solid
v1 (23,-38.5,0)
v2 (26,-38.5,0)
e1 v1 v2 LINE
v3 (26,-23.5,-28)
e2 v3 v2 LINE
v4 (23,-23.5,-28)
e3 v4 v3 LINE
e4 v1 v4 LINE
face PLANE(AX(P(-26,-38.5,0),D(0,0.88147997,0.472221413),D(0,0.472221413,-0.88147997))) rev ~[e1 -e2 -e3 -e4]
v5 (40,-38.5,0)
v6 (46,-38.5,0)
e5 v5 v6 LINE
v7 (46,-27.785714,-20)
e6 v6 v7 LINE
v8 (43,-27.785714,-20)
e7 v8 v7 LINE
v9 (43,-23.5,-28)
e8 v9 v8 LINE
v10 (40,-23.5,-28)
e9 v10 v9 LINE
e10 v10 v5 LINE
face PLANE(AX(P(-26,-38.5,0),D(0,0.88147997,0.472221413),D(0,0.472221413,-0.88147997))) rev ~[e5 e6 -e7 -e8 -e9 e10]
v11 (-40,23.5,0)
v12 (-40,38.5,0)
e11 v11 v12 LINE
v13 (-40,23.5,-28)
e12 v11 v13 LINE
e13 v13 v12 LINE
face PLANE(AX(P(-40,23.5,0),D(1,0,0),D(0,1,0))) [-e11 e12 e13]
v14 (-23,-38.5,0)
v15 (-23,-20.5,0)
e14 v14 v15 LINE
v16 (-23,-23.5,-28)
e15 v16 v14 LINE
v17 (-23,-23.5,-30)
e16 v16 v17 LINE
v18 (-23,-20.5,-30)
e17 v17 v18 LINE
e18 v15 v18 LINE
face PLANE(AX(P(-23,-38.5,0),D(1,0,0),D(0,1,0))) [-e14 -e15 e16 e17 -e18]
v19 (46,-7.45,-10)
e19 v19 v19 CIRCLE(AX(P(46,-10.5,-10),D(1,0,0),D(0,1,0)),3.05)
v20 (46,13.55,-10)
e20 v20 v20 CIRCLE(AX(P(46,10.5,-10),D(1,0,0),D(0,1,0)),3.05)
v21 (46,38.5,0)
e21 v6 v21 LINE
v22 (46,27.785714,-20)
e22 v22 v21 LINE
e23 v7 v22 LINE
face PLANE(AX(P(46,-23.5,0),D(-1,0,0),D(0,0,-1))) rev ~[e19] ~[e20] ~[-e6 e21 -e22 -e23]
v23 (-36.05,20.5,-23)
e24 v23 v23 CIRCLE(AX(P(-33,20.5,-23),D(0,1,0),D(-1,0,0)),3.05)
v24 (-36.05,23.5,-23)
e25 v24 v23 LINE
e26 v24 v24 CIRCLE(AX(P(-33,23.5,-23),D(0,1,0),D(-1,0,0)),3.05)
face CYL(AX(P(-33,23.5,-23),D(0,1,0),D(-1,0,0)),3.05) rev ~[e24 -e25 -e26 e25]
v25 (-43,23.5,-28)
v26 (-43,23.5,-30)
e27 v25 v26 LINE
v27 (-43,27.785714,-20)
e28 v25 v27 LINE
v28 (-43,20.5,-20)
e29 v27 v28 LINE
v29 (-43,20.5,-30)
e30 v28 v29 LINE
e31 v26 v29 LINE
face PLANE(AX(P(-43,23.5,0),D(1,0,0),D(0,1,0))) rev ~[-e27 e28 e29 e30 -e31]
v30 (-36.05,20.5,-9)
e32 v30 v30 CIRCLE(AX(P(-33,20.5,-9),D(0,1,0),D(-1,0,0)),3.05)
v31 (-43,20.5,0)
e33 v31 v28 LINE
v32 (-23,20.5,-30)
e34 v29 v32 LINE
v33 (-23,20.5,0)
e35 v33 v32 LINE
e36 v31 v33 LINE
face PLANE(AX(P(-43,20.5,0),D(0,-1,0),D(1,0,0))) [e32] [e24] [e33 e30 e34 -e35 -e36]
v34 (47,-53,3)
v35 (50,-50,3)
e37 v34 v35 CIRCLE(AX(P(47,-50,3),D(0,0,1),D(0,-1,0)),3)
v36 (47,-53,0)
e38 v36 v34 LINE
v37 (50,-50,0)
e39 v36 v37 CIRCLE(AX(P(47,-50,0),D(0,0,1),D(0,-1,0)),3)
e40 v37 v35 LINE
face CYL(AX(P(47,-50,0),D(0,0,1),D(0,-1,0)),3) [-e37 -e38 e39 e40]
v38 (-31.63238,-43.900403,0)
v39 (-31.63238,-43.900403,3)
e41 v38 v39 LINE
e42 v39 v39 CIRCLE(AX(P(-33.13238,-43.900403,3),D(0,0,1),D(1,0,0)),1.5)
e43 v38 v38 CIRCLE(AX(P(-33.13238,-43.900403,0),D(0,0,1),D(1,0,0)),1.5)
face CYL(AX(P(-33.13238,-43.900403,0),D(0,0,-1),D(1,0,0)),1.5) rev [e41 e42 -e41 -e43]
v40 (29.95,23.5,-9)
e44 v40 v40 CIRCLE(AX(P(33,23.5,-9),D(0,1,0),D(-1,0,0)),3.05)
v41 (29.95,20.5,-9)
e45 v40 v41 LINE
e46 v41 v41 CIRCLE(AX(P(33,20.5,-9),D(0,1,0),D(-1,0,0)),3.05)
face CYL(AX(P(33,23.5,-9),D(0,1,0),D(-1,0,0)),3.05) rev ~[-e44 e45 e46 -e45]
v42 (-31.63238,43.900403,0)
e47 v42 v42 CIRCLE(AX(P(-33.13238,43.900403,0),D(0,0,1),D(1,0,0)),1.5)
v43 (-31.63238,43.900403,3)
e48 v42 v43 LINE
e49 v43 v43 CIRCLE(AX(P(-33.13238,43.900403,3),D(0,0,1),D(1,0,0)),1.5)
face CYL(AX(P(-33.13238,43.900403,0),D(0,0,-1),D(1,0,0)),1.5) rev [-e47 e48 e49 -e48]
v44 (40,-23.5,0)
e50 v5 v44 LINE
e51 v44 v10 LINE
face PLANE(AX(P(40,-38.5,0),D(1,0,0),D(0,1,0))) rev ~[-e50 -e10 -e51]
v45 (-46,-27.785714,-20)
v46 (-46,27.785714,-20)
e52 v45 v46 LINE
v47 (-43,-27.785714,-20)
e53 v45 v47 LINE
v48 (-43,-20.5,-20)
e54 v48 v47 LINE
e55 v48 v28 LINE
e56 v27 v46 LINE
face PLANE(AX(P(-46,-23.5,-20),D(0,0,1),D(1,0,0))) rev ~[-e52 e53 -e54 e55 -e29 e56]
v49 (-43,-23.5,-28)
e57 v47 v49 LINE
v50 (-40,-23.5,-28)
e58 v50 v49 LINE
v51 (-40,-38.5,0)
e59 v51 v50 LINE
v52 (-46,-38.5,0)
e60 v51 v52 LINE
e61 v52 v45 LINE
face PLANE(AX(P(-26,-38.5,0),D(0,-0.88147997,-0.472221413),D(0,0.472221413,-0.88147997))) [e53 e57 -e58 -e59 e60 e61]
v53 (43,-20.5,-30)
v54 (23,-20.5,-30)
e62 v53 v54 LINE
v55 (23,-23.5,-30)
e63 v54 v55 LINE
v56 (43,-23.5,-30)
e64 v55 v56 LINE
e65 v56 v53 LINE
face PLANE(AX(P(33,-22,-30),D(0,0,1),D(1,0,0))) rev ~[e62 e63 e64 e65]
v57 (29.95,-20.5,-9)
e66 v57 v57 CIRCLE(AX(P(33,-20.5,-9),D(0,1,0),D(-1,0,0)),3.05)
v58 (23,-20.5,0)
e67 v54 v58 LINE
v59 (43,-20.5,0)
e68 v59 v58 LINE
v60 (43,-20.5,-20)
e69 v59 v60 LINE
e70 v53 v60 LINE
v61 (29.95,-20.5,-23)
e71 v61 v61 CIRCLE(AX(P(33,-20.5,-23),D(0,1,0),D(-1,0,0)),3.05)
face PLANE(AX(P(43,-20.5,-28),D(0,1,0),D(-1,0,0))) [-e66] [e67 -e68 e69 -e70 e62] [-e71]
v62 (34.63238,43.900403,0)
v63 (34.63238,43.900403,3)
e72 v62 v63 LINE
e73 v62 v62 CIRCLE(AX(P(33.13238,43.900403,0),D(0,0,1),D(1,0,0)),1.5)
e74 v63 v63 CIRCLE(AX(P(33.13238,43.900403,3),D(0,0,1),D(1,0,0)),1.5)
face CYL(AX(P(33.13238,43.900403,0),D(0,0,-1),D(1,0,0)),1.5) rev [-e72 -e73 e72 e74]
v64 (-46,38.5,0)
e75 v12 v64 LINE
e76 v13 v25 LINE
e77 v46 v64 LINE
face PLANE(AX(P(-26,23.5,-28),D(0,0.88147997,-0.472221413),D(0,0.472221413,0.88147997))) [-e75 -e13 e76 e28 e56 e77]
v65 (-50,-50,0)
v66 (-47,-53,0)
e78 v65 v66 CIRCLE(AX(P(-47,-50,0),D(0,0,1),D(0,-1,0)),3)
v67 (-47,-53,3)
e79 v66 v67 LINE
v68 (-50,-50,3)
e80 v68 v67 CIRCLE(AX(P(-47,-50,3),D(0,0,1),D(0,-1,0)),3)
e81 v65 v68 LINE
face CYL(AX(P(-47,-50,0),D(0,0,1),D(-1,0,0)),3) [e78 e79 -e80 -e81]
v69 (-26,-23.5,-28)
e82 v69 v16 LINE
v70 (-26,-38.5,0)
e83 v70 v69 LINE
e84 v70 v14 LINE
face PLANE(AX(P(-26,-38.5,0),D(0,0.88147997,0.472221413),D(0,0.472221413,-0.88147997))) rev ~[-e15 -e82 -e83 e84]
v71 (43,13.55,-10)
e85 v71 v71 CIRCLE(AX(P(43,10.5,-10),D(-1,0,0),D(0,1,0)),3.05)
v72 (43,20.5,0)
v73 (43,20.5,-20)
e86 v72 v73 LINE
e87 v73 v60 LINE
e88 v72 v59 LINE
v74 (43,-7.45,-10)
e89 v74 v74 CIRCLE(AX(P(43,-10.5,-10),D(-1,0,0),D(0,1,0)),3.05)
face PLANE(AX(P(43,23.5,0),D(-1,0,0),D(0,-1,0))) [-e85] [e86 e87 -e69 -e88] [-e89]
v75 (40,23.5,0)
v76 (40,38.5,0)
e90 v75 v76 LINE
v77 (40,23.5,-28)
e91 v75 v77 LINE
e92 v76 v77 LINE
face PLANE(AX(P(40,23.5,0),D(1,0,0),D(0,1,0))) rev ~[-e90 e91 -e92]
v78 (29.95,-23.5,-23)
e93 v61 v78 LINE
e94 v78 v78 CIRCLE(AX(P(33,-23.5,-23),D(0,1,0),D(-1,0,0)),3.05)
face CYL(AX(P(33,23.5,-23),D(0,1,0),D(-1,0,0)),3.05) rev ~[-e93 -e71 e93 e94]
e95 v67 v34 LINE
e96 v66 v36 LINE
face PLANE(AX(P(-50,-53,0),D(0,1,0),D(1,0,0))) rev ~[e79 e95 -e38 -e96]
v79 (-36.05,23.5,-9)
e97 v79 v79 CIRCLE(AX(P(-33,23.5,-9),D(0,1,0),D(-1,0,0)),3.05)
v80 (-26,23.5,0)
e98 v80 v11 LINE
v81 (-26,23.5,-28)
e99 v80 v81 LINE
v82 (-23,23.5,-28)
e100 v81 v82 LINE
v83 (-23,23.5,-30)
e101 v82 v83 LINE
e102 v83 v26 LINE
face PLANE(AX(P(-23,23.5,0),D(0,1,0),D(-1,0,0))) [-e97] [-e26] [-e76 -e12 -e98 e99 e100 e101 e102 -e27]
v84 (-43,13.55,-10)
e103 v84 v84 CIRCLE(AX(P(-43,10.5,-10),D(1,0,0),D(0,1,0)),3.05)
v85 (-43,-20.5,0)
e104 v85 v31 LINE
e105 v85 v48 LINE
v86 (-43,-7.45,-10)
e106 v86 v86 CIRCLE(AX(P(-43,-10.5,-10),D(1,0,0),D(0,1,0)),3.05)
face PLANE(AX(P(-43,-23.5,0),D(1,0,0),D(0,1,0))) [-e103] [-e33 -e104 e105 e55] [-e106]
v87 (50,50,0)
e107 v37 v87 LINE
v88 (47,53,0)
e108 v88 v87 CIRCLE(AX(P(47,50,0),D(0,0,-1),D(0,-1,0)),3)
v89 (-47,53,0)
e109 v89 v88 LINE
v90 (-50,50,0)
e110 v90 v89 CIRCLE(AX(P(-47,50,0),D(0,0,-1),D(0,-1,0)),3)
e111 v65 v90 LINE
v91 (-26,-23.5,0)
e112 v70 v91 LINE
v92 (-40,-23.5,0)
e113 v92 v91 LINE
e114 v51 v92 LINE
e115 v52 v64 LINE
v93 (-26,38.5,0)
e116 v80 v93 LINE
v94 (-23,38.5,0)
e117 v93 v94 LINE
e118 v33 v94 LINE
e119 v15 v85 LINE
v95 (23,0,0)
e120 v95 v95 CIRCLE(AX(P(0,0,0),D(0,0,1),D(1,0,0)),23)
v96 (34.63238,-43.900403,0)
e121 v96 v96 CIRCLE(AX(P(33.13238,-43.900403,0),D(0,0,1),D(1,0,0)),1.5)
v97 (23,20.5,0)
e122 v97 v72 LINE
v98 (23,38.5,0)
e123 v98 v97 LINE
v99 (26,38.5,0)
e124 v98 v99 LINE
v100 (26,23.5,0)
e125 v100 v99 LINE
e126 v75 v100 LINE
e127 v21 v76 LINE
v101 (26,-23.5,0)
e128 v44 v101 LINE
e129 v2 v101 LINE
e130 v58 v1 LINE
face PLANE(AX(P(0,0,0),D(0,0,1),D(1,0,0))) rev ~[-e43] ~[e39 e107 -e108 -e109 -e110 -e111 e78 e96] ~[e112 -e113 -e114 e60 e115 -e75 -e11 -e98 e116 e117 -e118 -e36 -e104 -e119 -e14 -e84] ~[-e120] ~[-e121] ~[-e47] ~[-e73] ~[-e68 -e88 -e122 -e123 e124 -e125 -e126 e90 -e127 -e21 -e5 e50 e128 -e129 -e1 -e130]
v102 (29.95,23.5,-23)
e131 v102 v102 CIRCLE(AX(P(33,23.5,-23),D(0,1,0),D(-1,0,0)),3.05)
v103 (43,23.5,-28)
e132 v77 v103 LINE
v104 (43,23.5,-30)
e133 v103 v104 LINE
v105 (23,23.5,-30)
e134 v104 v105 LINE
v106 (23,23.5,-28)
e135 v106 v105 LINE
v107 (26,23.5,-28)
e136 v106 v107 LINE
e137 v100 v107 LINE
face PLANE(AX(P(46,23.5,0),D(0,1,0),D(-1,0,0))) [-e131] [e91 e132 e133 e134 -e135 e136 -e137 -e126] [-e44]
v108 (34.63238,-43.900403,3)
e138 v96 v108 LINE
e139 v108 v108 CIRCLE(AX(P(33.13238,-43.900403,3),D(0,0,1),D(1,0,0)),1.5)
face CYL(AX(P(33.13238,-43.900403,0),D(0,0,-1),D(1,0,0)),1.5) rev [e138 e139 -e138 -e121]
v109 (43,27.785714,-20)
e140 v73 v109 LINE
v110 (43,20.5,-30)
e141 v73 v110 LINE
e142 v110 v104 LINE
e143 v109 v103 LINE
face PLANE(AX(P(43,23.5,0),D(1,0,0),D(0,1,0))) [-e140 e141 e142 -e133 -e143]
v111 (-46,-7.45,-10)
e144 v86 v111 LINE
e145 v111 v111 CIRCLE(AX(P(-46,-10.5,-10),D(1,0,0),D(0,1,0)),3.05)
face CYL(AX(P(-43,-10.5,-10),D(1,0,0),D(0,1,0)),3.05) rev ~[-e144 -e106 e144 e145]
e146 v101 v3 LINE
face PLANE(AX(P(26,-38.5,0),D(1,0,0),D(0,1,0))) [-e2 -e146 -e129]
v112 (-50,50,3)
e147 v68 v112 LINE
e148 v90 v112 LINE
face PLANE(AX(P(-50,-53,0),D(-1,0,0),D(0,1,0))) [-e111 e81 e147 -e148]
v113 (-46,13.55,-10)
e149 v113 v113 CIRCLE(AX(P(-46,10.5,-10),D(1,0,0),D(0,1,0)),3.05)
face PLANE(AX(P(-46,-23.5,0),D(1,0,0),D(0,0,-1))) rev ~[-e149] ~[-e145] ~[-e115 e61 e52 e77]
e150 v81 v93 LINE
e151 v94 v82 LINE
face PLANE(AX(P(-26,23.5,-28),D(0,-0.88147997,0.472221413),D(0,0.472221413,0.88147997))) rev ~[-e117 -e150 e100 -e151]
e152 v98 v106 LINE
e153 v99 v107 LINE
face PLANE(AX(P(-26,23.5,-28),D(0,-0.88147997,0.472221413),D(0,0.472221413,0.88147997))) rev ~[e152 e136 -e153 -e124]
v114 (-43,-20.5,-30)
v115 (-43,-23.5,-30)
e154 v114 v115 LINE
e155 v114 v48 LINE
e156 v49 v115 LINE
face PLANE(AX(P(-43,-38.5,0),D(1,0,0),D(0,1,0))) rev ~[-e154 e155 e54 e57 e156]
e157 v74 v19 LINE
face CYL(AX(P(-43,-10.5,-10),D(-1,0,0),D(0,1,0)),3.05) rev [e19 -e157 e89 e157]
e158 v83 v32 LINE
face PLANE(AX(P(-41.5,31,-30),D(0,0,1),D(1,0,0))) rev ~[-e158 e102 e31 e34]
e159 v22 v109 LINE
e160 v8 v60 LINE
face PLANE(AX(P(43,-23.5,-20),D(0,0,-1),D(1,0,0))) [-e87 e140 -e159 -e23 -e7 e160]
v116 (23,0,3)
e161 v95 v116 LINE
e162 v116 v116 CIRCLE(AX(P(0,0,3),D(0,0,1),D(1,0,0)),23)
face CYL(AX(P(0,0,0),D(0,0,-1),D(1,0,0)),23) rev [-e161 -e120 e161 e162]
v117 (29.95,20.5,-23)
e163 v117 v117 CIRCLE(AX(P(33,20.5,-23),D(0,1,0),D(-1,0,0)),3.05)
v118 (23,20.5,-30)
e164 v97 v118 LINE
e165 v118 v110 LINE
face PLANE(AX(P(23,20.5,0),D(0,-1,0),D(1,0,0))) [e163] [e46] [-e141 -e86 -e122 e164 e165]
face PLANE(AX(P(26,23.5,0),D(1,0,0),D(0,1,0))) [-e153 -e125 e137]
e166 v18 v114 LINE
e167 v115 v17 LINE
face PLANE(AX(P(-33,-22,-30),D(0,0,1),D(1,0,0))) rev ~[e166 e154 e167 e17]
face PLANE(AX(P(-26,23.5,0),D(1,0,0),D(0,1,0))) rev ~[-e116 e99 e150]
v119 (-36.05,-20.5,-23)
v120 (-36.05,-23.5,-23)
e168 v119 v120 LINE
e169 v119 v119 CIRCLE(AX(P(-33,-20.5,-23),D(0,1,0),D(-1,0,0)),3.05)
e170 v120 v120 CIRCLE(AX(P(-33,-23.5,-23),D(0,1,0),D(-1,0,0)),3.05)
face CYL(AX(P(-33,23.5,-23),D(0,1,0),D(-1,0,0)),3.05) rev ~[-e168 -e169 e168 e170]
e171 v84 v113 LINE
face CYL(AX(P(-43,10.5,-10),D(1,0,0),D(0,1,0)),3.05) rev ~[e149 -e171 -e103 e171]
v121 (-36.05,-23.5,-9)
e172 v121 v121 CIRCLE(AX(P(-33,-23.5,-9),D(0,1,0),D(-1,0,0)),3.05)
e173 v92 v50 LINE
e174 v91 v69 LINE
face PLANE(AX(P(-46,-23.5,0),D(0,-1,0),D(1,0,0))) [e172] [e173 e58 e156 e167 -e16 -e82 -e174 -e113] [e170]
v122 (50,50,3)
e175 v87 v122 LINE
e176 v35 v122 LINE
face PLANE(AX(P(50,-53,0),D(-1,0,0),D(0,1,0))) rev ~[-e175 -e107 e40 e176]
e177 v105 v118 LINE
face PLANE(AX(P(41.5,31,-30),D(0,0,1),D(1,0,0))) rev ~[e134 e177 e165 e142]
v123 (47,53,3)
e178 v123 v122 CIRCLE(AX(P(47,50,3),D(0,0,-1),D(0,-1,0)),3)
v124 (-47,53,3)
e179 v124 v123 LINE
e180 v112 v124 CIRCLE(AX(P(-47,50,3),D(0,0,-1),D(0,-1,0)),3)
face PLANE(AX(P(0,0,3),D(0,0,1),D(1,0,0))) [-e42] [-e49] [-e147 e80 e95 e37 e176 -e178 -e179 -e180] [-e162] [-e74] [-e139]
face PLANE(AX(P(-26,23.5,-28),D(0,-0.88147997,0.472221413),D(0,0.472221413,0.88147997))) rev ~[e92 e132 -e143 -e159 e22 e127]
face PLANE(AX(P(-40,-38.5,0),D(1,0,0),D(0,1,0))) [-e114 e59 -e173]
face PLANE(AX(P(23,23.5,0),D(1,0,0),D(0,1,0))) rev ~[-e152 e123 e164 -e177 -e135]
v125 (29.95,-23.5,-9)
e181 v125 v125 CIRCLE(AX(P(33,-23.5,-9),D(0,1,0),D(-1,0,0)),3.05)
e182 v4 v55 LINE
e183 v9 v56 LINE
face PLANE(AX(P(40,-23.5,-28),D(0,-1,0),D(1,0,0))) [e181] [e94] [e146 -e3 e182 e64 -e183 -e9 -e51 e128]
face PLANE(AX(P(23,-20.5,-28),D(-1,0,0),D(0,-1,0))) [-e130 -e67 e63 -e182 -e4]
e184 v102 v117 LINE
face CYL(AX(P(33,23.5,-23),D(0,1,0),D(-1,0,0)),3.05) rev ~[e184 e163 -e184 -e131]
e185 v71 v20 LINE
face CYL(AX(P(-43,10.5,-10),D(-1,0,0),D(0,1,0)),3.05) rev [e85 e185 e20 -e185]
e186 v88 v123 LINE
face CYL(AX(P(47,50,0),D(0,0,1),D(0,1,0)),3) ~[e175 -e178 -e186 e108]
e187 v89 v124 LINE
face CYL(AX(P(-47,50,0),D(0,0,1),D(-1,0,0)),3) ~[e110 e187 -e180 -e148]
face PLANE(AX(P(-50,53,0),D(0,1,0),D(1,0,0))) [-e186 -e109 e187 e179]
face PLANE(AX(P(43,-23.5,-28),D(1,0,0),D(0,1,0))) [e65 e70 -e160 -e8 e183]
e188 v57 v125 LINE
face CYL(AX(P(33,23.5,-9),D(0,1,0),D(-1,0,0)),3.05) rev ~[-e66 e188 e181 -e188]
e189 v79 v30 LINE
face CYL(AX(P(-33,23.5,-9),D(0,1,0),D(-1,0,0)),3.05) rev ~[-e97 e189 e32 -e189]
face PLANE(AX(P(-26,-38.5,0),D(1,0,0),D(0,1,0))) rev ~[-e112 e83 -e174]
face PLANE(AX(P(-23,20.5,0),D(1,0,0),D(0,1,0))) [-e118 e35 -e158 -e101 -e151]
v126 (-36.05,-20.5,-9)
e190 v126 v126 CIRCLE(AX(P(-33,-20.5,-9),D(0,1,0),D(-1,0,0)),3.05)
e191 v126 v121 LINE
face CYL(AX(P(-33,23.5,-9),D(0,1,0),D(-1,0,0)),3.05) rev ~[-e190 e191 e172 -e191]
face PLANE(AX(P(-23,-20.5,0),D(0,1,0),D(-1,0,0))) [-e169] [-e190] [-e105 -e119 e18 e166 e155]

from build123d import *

# Parameters (mm, degrees)
F0_W           = 100
F0_H           = 106
F0_R           = 1.5
F0_R_2         = 23
F1_DEPTH       = 3
F2_R           = 3
F4_DEPTH       = 28
F5_DEPTH       = 20
F3_W           = 3
F3_H           = 15
F6_DEPTH       = 28
F7_DEPTH       = 15
F7_DEPTH_BACK  = 62
F9_DEPTH       = 20
F9_DEPTH_BACK  = 72
F11_DEPTH      = 20
F11_DEPTH_BACK = 72
F12_R          = 3.05
F13_R          = 3.05
F14_DEPTH      = 47
F15_R          = 3.05
F16_DEPTH      = 3
F16_DEPTH_BACK = 89
F17_DEPTH      = 2


with BuildPart() as f1:
    # F0 (on Top) → F1 (new body)
    with BuildSketch(Plane.XY):
        Rectangle(F0_W, F0_H)
        with Locations((-33.1323798252, -43.9004032683)):
            Circle(F0_R, mode=Mode.SUBTRACT)
        with Locations((33.1323798252, -43.9004032683)):
            Circle(F0_R, mode=Mode.SUBTRACT)
        with Locations((-33.1323798252, 43.9004032683)):
            Circle(F0_R, mode=Mode.SUBTRACT)
        Circle(F0_R_2, mode=Mode.SUBTRACT)
        with Locations((33.1323798252, 43.9004032683)):
            Circle(F0_R, mode=Mode.SUBTRACT)
    extrude(amount=F1_DEPTH)

    # F2
    f2_edges = [f1.edges().sort_by_distance(p)[0] for p in [
        (-50, -53, 1.5),
        (-50, 53, 1.5),
        (50, 53, 1.5),
        (50, -53, 1.5),
    ]]
    fillet(f2_edges, radius=F2_R)

    # F3 (on Top) → F4 (join)
    with BuildSketch(Plane.XY):
        Polygon((-23, -20.5), (-43, -20.5), (-43, -23.5), (-40, -23.5), (-26, -23.5), (-23, -23.5), align=None)
        Polygon((-43, 23.5), (-43, 20.5), (-23, 20.5), (-23, 23.5), (-26, 23.5), (-40, 23.5), align=None)
        Polygon((23, 20.5), (43, 20.5), (43, 23.5), (40, 23.5), (26, 23.5), (23, 23.5), align=None)
        Polygon((43, -23.5), (43, -20.5), (23, -20.5), (23, -23.5), (26, -23.5), (40, -23.5), align=None)
    extrude(amount=-F4_DEPTH)

    # F3 (on Top) → F5 (join)
    with BuildSketch(Plane.XY):
        Polygon((43, 20.5), (43, -20.5), (43, -23.5), (46, -23.5), (46, 23.5), (43, 23.5), align=None)
        Polygon((-43, -20.5), (-43, 20.5), (-43, 23.5), (-46, 23.5), (-46, -23.5), (-43, -23.5), align=None)
    extrude(amount=-F5_DEPTH)

    # F3 (on Top) → F6 (join)
    with BuildSketch(Plane.XY):
        with Locations((-41.5, 31)):
            Rectangle(F3_W, F3_H)
        with Locations((-24.5, 31)):
            Rectangle(F3_W, F3_H)
        with Locations((24.5, 31)):
            Rectangle(F3_W, F3_H)
        with Locations((41.5, 31)):
            Rectangle(F3_W, F3_H)
        with Locations((-41.5, -31)):
            Rectangle(F3_W, F3_H)
        with Locations((-24.5, -31)):
            Rectangle(F3_W, F3_H)
        with Locations((24.5, -31)):
            Rectangle(F3_W, F3_H)
        with Locations((41.5, -31)):
            Rectangle(F3_W, F3_H)
    extrude(amount=-F6_DEPTH)

    # F7 (add, two sides): faces of the model
    f7_faces = [f1.faces().sort_by_distance(p)[0] for p in [
        (-44.5, -23.5, -10),
        (44.5, -23.5, -10),
    ]]
    extrude(f7_faces, amount=F7_DEPTH)
    extrude(f7_faces, amount=-F7_DEPTH_BACK)

    # F8 (on face) → F9 (cut, two sides)
    with BuildSketch(Plane(origin=(-26, 0, 0), x_dir=(0, -1, 0), z_dir=(-1, 0, 0))) as f9_sk:
        Polygon((-23.5, -28), (-38.5, 0), (-38.5, -28), align=None)
    extrude(amount=F9_DEPTH, mode=Mode.SUBTRACT)
    extrude(f9_sk.sketch, amount=-F9_DEPTH_BACK, mode=Mode.SUBTRACT)

    # F10 (on face) → F11 (cut, two sides)
    with BuildSketch(Plane(origin=(-26, 0, 0), x_dir=(0, -1, 0), z_dir=(-1, 0, 0))) as f11_sk:
        Polygon((38.5, 0), (23.5, -28), (38.5, -28), align=None)
    extrude(amount=F11_DEPTH, mode=Mode.SUBTRACT)
    extrude(f11_sk.sketch, amount=-F11_DEPTH_BACK, mode=Mode.SUBTRACT)

    # F12 (on face) + F13 (on face) → F14 (cut, through all)
    with BuildSketch(Plane(origin=(0, 23.5, 0), x_dir=(-1, 0, 0), z_dir=(0, 1, 0))):
        with Locations((33, -23)):
            Circle(F12_R)
        with Locations((33, -9)):
            Circle(F12_R)
    with BuildSketch(Plane(origin=(0, 23.5, 0), x_dir=(-1, 0, 0), z_dir=(0, 1, 0))):
        with Locations((-33, -9)):
            Circle(F13_R)
        with Locations((-33, -23)):
            Circle(F13_R)
    extrude(amount=-F14_DEPTH, mode=Mode.SUBTRACT)

    # F15 (on face) → F16 (cut, two sides)
    with BuildSketch(Plane.YZ.offset(-43)) as f16_sk:
        with Locations((10.5, -10)):
            Circle(F15_R)
        with Locations((-10.5, -10)):
            Circle(F15_R)
    extrude(amount=-F16_DEPTH, mode=Mode.SUBTRACT)
    extrude(f16_sk.sketch, amount=F16_DEPTH_BACK, mode=Mode.SUBTRACT)

    # F17 (add): faces of the model
    f17_faces = [f1.faces().sort_by_distance(p)[0] for p in [
        (33, -22, -28),
        (-33, -22, -28),
        (-33, 22, -28),
        (33, 22, -28),
    ]]
    extrude(f17_faces, amount=F17_DEPTH)


solid = f1.part
